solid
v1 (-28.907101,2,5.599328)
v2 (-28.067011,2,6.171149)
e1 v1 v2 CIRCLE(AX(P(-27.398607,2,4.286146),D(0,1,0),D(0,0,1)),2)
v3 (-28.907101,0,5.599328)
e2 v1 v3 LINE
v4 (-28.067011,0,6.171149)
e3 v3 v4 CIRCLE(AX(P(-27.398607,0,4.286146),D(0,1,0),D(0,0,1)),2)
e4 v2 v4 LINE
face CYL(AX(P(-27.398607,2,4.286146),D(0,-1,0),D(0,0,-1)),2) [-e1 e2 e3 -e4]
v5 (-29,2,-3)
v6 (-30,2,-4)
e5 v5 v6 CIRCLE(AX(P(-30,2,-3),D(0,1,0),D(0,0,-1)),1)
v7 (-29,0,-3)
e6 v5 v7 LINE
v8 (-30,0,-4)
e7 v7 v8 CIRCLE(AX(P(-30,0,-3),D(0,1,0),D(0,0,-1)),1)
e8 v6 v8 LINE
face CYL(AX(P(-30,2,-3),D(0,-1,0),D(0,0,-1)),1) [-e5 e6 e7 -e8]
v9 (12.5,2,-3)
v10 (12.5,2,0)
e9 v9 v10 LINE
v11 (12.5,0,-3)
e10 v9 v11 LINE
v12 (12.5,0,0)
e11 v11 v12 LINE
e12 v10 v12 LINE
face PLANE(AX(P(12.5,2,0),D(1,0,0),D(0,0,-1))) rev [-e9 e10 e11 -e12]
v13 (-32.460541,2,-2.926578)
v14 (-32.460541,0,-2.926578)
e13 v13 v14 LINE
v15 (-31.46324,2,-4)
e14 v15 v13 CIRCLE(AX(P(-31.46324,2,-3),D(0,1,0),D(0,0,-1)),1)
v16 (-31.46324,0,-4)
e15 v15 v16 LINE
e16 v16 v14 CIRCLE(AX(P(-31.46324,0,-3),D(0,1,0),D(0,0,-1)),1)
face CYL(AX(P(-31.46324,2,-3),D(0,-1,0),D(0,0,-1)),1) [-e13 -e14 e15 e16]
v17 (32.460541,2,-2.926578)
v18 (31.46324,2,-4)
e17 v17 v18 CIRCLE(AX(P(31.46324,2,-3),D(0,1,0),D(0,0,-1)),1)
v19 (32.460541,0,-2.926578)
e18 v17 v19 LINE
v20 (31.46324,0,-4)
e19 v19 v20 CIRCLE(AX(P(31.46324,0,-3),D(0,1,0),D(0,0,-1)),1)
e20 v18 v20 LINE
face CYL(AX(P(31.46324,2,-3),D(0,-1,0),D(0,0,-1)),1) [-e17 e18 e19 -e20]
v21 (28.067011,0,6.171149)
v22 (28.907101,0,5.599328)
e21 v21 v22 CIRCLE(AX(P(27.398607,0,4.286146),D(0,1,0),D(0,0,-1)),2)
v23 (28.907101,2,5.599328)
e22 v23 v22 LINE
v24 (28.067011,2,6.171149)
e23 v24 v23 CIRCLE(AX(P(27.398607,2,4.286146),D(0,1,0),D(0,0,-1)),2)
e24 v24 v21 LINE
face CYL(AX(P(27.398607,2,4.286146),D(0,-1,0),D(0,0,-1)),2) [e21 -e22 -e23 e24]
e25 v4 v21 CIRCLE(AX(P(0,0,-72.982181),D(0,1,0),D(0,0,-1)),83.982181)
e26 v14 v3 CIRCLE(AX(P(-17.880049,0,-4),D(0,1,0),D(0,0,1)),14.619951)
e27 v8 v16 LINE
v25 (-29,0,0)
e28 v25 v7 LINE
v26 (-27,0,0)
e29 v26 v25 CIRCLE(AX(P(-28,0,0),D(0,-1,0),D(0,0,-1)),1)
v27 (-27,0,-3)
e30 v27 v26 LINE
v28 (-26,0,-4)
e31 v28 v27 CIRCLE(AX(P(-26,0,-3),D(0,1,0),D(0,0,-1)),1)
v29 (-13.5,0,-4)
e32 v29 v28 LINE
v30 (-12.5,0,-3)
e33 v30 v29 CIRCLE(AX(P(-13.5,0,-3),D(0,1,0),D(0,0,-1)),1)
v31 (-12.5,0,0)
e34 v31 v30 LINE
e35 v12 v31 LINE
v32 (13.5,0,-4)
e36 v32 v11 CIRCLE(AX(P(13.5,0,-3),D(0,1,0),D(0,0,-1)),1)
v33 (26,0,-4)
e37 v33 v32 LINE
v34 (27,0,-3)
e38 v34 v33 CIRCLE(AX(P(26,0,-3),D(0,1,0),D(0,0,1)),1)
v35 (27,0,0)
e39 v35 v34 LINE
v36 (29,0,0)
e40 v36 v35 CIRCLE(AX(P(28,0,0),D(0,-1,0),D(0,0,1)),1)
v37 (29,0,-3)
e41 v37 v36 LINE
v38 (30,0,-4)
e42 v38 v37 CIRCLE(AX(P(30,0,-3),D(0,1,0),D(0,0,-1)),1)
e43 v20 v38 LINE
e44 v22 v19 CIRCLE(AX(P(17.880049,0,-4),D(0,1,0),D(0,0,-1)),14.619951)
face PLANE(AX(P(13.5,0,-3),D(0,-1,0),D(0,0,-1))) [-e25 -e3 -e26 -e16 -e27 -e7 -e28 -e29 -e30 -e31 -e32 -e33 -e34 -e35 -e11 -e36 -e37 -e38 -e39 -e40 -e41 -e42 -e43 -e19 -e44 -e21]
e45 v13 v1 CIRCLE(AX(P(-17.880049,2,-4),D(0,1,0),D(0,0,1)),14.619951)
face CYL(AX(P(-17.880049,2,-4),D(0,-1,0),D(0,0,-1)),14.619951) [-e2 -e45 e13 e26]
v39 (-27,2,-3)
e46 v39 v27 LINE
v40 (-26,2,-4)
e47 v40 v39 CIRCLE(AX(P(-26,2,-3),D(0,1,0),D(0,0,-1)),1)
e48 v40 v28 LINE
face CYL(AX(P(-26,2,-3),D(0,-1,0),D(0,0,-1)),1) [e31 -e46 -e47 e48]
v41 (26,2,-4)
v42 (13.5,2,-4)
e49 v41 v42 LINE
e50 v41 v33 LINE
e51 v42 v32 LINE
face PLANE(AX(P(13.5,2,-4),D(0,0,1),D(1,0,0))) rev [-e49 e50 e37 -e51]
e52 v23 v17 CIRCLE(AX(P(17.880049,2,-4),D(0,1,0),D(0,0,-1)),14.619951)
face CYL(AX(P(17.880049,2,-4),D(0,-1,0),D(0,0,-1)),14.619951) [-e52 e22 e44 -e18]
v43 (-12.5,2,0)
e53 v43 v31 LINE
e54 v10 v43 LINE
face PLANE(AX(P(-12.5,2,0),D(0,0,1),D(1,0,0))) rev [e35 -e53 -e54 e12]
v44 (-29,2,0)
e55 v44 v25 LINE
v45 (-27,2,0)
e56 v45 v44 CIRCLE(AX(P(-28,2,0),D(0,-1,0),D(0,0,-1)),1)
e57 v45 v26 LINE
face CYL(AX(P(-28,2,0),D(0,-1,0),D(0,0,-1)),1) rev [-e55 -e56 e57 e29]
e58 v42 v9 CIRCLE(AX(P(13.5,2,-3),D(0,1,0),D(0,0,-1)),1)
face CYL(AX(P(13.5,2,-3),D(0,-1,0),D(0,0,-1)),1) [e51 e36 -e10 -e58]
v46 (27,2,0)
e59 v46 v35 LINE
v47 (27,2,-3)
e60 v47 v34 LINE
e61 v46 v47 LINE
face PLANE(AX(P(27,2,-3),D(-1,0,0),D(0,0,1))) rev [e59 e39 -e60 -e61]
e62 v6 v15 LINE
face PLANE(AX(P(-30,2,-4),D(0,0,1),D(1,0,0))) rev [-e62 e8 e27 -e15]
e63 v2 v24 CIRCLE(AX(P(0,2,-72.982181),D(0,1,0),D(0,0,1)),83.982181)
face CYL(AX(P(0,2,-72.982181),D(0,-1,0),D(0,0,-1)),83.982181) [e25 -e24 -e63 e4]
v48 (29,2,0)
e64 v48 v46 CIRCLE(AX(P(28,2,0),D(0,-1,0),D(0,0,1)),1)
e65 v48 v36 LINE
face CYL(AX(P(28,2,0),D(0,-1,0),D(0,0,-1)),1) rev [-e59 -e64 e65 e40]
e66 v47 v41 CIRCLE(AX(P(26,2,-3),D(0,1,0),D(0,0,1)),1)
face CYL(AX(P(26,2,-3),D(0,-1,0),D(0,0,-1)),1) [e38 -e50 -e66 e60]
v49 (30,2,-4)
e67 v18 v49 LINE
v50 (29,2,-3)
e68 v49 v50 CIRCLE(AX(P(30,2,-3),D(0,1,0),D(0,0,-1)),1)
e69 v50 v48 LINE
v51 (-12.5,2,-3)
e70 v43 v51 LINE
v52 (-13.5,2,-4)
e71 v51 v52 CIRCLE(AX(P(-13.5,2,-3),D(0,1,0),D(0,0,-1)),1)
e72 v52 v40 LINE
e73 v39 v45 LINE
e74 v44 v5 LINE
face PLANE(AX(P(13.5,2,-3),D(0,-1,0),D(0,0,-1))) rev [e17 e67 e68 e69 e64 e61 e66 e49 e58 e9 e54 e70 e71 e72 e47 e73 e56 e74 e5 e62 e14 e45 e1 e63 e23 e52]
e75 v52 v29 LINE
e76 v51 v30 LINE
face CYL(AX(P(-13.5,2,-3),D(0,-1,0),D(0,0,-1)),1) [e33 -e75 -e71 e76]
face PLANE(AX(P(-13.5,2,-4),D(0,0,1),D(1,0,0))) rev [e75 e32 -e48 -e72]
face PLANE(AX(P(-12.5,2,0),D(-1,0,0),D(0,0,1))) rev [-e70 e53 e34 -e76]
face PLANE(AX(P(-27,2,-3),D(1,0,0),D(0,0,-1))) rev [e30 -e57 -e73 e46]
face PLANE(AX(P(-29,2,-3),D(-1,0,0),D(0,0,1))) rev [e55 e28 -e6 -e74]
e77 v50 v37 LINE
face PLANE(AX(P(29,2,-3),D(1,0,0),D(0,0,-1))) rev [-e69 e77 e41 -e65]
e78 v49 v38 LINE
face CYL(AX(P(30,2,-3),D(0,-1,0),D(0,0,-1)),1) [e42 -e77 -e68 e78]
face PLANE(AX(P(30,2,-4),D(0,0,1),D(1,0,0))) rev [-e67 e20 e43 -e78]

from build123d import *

# Parameters (mm, degrees)
RESSALTO_EXTRUS_O1_DEPTH = 2


with BuildPart() as part:
    # Esboço1 → Ressalto-extrusão1 (new body)
    with BuildSketch(Plane(origin=(0, 0, 0), x_dir=(1, 0, 0), z_dir=(0, 1, 0))):
        with BuildLine():
            Line((-12.5, 0), (12.5, 0))
            Line((12.5, 0), (12.5, 3))
            ThreePointArc((12.5, 3), (12.792893219, 3.707106781), (13.5, 4))
            Line((13.5, 4), (26, 4))
            ThreePointArc((26, 4), (26.707106781, 3.707106781), (27, 3))
            Line((27, 3), (27, 0))
            ThreePointArc((27, 0), (28, -1), (29, 0))
            Line((29, 0), (29, 3))
            ThreePointArc((29, 3), (29.292893219, 3.707106781), (30, 4))
            Line((30, 4), (31.463239539, 4))
            ThreePointArc((31.463239539, 4), (32.195845062, 3.680653471), (32.460540524, 2.926578296))
            ThreePointArc((32.460540524, 2.926578296), (31.37483832, -1.624378023), (28.907100926, -5.599327689))
            ThreePointArc((28.907100926, -5.599327689), (28.523980806, -5.93948611), (28.067011203, -6.171148708))
            ThreePointArc((28.067011203, -6.171148708), (14.239688573, -9.783983548), (0, -11))
            ThreePointArc((0, -11), (-14.239688573, -9.783983548), (-28.067011203, -6.171148708))
            ThreePointArc((-28.067011203, -6.171148708), (-28.523980806, -5.93948611), (-28.907100926, -5.599327689))
            ThreePointArc((-28.907100926, -5.599327689), (-31.37483832, -1.624378023), (-32.460540524, 2.926578296))
            ThreePointArc((-32.460540524, 2.926578296), (-32.195845062, 3.680653471), (-31.463239539, 4))
            Line((-31.463239539, 4), (-30, 4))
            ThreePointArc((-30, 4), (-29.292893219, 3.707106781), (-29, 3))
            Line((-29, 3), (-29, 0))
            ThreePointArc((-29, 0), (-28, -1), (-27, 0))
            Line((-27, 0), (-27, 3))
            ThreePointArc((-27, 3), (-26.707106781, 3.707106781), (-26, 4))
            Line((-26, 4), (-13.5, 4))
            ThreePointArc((-13.5, 4), (-12.792893219, 3.707106781), (-12.5, 3))
            Line((-12.5, 3), (-12.5, 0))
        make_face()
    extrude(amount=RESSALTO_EXTRUS_O1_DEPTH)


solid = part.part
